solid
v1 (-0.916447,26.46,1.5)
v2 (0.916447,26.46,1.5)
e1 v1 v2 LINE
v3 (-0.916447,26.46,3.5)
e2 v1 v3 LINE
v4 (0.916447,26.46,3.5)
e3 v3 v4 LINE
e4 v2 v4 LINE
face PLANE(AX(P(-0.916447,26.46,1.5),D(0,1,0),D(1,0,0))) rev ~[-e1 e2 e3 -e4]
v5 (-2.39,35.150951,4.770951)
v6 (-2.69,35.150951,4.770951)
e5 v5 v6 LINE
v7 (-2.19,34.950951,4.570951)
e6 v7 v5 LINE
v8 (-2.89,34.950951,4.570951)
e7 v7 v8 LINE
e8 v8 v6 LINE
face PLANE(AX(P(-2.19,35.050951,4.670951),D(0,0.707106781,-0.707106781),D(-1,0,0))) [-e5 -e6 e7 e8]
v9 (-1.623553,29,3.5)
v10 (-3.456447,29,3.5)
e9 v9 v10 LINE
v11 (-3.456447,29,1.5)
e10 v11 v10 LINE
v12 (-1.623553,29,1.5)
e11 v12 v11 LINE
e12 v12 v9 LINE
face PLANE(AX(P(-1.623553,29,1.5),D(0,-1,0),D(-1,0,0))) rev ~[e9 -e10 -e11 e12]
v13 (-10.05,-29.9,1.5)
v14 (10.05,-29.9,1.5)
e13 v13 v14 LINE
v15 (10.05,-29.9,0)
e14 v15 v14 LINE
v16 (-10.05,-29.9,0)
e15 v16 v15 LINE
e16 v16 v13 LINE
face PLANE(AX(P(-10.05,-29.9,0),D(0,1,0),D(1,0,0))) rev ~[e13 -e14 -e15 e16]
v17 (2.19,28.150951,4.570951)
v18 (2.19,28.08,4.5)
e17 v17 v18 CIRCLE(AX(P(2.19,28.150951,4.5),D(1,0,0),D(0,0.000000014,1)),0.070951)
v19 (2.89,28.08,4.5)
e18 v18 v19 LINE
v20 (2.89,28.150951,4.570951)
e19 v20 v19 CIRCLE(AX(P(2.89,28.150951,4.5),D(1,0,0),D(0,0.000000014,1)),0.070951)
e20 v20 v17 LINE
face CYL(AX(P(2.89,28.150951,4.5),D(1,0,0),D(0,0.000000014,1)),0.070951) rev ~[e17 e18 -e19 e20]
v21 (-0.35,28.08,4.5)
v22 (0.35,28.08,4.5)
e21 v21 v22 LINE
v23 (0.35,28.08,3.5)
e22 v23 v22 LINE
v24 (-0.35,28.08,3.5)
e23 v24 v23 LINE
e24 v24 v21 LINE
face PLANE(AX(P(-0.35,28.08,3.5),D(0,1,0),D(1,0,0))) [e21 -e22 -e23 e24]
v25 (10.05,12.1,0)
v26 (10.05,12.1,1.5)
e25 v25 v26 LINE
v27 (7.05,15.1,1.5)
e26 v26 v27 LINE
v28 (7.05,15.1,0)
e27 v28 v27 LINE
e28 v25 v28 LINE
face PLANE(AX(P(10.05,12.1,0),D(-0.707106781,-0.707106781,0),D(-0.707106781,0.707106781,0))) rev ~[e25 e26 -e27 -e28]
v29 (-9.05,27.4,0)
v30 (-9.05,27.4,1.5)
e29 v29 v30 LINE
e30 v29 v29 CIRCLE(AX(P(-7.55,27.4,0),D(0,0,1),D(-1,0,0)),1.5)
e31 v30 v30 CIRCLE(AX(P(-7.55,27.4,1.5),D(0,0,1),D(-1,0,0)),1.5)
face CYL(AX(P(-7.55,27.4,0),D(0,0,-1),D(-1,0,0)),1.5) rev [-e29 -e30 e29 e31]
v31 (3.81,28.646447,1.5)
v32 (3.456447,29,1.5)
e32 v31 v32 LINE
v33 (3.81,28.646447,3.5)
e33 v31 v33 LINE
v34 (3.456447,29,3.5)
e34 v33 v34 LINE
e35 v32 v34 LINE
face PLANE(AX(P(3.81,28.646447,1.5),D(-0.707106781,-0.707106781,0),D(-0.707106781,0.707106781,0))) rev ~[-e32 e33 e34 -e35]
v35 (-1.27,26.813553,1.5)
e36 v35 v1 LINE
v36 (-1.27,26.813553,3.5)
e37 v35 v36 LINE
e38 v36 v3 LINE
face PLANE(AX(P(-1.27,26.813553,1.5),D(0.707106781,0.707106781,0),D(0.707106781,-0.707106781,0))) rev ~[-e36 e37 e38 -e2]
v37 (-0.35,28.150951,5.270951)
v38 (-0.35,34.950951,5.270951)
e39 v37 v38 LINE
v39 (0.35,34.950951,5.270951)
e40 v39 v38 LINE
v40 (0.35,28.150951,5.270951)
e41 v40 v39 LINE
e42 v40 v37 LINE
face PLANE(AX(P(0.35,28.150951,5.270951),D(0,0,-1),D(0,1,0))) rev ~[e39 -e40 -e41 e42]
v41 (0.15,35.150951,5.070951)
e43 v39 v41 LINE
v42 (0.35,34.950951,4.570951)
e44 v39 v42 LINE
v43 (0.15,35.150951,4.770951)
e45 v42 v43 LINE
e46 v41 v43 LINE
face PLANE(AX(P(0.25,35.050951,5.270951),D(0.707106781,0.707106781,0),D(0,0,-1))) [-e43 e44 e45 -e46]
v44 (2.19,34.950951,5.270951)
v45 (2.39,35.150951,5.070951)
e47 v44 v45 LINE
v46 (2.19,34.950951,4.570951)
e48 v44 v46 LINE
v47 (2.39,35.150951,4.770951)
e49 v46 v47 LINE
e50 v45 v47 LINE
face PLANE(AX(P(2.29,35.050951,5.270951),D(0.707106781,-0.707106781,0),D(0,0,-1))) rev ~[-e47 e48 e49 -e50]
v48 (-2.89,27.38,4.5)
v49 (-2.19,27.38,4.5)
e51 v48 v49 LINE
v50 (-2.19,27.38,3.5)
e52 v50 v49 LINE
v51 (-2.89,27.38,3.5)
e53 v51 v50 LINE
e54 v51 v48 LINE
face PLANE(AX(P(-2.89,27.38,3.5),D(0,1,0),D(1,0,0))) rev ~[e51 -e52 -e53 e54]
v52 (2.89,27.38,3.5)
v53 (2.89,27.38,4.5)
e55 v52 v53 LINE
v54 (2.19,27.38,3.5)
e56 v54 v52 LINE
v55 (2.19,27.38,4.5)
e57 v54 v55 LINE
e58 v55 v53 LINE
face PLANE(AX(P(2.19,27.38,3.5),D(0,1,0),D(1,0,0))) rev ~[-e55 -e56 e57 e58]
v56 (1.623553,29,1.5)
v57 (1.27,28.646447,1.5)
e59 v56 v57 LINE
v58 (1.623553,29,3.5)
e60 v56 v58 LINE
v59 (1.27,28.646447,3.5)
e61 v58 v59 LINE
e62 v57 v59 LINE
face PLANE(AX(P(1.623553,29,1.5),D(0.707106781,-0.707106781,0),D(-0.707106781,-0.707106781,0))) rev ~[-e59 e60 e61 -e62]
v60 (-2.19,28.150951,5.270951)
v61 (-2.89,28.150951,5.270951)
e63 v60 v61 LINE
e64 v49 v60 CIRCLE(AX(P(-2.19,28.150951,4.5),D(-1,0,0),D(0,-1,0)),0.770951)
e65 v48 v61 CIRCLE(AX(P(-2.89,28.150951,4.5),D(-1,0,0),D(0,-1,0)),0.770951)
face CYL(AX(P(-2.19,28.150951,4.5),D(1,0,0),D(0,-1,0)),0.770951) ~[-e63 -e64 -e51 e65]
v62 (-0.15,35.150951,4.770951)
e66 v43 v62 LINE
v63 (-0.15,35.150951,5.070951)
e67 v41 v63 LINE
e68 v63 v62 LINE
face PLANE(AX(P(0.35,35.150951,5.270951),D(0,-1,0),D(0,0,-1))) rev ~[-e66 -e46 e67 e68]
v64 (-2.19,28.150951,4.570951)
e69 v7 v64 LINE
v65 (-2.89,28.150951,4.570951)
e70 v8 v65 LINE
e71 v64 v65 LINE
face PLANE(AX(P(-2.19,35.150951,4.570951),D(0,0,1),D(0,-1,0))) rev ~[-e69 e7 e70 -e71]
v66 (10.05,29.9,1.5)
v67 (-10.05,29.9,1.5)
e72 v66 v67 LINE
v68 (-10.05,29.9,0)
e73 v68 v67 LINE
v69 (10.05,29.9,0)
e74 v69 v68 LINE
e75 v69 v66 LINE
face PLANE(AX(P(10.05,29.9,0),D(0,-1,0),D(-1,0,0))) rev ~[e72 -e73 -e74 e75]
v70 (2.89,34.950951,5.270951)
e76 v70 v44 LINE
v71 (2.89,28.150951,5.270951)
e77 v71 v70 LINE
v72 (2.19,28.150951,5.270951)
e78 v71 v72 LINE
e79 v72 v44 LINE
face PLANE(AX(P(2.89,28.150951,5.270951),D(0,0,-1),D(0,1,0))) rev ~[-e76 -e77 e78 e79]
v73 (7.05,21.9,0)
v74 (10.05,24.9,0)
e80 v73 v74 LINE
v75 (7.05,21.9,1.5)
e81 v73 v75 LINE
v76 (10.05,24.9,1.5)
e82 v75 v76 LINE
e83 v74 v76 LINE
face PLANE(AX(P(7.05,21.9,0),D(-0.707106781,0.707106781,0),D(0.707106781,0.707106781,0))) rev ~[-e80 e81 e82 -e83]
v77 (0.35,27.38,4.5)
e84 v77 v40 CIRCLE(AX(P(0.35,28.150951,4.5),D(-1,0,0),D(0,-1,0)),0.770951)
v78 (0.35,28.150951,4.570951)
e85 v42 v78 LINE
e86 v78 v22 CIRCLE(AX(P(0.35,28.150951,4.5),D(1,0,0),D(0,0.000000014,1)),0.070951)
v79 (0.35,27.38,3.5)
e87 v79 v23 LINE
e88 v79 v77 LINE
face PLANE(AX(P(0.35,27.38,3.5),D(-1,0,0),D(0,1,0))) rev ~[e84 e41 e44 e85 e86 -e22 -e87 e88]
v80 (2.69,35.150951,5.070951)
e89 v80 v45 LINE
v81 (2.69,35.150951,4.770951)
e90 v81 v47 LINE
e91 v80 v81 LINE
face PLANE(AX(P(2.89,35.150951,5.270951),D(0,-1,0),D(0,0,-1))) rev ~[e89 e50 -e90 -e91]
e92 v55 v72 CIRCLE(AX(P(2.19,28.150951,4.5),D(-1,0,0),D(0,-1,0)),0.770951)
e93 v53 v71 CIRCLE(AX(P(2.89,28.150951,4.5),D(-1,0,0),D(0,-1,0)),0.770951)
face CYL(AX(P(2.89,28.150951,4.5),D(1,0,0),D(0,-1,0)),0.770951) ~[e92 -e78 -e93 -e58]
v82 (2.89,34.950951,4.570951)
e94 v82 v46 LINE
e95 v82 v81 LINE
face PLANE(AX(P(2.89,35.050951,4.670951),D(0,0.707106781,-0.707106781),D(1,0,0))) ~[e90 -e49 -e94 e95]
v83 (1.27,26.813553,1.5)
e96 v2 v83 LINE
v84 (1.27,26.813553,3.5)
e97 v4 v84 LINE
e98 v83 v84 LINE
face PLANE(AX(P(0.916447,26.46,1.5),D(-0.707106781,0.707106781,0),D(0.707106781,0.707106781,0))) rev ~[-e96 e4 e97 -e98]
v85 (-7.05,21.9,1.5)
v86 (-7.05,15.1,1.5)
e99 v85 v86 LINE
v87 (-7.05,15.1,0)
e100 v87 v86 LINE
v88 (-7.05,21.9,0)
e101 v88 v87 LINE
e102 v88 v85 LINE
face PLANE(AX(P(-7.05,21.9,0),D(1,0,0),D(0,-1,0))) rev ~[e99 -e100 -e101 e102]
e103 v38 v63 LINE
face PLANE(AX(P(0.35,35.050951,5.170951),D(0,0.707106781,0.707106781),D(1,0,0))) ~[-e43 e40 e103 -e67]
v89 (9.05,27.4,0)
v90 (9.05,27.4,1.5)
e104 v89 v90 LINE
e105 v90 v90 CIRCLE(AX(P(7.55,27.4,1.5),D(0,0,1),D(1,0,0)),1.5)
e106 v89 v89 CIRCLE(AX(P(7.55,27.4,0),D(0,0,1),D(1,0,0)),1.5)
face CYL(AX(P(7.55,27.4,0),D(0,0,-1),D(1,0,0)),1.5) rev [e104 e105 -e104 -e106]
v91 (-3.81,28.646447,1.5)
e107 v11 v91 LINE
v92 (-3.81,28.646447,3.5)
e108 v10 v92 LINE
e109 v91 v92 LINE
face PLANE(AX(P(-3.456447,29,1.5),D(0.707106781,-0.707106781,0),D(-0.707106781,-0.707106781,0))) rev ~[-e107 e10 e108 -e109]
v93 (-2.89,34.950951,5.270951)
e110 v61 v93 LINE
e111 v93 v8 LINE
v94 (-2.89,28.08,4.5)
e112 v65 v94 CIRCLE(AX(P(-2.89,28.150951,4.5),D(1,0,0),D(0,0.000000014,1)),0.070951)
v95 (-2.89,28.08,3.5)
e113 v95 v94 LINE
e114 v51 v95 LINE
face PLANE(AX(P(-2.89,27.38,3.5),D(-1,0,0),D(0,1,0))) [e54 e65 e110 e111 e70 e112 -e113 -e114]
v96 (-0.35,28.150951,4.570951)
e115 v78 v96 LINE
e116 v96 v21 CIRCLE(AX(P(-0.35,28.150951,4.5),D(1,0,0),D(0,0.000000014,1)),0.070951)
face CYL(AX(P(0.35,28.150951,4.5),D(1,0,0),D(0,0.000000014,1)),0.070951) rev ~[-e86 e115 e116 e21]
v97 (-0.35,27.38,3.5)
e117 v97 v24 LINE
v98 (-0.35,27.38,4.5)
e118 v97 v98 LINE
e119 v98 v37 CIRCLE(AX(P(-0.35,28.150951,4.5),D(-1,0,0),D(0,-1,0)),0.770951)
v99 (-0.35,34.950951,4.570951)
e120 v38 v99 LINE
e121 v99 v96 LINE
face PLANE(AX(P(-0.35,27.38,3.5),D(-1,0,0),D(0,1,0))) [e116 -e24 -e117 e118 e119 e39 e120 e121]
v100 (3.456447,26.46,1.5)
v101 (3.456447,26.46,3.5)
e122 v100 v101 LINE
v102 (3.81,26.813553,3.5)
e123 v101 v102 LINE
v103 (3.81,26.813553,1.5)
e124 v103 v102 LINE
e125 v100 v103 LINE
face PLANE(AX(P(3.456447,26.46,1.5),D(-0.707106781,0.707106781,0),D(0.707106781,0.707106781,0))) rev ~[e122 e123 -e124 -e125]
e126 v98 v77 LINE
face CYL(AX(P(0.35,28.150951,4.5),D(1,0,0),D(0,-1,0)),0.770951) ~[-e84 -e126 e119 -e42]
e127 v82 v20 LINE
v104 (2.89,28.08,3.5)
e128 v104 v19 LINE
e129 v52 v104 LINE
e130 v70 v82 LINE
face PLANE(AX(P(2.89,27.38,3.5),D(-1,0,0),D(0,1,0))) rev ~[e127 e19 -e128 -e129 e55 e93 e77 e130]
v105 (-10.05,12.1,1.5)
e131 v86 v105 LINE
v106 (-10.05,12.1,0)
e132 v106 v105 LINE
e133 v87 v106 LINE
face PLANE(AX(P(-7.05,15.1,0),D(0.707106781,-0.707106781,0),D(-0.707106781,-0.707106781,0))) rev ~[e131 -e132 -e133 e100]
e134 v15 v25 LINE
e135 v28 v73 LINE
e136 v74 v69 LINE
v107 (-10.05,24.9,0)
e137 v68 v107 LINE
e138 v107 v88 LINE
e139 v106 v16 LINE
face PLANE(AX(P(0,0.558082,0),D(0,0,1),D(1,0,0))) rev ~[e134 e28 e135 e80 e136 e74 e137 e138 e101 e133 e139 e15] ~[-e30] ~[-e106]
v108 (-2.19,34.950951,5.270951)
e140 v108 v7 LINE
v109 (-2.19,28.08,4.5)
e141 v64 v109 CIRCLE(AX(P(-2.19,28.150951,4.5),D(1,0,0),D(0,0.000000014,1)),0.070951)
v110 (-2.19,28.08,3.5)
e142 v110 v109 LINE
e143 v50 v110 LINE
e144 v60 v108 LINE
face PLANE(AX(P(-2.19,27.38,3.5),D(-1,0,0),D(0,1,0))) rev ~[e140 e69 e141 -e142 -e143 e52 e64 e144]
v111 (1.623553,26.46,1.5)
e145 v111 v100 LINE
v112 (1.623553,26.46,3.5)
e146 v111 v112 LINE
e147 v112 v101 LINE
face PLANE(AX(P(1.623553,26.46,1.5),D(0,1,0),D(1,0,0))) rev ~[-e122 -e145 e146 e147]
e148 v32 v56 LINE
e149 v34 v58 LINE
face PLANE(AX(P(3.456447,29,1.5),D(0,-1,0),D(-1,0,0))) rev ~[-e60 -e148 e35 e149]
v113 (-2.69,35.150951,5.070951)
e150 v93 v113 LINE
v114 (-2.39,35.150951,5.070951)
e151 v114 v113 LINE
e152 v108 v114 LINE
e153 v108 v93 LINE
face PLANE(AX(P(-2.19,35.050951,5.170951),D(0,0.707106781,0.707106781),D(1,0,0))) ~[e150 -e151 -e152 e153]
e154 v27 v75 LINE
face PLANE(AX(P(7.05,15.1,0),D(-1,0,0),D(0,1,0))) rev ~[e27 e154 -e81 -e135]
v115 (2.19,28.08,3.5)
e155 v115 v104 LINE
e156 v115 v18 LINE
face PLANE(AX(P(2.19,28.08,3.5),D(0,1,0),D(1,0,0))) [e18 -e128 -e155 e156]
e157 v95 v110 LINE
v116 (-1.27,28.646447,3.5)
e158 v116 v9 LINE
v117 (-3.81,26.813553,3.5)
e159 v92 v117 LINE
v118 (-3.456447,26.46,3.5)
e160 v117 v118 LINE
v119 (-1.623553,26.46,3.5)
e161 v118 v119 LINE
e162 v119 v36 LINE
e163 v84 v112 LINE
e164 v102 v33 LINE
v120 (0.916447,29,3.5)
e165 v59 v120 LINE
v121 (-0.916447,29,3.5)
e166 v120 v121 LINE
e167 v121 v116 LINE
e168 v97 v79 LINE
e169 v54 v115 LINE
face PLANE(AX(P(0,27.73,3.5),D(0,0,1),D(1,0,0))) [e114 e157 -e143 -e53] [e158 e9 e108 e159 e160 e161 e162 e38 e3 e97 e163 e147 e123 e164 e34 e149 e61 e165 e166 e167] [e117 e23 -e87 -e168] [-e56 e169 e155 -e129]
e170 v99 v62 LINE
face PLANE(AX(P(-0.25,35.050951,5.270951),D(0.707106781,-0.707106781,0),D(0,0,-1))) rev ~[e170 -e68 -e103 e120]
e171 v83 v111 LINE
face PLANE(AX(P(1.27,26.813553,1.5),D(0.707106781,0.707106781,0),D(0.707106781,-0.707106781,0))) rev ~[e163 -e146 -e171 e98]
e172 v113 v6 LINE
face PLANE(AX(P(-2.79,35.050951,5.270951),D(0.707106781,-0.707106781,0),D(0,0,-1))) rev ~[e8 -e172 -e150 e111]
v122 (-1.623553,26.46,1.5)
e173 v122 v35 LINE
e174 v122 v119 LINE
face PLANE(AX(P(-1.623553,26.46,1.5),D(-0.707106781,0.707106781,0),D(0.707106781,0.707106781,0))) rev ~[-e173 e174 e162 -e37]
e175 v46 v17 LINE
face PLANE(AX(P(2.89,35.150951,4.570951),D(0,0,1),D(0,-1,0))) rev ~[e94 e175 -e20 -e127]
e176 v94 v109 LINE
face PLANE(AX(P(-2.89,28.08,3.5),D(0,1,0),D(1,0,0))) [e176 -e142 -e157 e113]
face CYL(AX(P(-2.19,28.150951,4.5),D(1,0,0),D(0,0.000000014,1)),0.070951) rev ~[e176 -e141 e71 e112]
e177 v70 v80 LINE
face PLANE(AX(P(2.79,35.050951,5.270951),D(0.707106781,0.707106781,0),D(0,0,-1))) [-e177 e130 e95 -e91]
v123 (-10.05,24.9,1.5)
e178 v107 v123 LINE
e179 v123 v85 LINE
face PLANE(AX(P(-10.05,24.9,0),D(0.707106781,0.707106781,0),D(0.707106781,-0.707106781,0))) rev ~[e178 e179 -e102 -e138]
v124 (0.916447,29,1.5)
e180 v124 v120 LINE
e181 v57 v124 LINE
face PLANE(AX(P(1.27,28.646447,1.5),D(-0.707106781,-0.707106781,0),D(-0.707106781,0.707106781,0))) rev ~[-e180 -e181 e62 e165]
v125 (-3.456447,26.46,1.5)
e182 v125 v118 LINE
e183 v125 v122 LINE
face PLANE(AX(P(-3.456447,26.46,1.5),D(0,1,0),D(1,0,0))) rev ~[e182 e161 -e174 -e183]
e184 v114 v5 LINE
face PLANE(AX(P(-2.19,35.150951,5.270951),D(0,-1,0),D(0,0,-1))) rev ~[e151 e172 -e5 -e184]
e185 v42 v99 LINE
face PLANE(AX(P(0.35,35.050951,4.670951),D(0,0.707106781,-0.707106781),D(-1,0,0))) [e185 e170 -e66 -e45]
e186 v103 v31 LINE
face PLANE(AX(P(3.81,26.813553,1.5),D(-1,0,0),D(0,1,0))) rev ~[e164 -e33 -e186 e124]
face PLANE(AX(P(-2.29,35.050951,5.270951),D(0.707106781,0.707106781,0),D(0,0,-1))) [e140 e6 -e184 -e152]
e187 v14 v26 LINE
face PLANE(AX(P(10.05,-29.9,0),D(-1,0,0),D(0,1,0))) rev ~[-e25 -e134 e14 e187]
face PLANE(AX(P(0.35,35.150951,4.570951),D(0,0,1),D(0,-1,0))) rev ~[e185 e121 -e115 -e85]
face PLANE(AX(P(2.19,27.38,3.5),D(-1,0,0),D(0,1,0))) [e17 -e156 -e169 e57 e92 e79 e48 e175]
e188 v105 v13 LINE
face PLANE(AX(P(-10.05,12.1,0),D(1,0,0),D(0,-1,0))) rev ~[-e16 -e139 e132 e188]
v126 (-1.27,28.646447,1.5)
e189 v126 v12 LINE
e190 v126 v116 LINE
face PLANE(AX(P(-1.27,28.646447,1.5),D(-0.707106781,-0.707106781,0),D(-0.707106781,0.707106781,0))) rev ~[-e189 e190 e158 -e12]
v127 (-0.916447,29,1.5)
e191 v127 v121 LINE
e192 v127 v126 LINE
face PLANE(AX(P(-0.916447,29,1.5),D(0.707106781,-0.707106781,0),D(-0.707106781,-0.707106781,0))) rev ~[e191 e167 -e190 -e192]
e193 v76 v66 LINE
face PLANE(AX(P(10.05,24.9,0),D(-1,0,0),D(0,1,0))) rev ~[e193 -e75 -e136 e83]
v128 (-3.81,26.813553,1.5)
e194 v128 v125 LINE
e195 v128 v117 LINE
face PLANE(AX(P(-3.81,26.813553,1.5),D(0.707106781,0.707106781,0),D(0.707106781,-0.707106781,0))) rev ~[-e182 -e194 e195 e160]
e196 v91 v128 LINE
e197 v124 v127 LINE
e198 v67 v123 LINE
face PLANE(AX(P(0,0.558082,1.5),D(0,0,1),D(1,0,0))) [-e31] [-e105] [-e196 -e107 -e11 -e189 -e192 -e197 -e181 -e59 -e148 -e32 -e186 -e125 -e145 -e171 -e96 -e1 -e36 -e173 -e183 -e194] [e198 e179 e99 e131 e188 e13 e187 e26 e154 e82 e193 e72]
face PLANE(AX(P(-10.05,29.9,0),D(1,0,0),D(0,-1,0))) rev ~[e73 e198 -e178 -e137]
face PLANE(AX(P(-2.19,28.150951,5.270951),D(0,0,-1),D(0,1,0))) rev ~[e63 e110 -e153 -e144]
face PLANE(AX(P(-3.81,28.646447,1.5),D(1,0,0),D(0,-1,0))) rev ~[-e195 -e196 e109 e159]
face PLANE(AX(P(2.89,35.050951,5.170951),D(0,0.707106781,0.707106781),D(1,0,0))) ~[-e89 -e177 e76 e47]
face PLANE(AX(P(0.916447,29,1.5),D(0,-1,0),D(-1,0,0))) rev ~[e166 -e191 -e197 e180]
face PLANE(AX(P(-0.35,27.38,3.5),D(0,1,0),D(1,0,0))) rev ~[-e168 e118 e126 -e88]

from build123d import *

# Parameters (mm, degrees)
SKETCH_1_R             = 1.5
EXTRUDE_1_DEPTH        = 1.5
EXTRUDE_2_DEPTH        = 2
SKETCH_4_W             = 0.7
SKETCH_4_H             = 0.7
EXTRUDE_3_DEPTH        = 1
EXTRUDE_4_DEPTH        = 0.7
PATTERN_LINEAR_1_COUNT = 3
PATTERN_LINEAR_1_PITCH = 2.54
CHAMFER_1_SIZE         = 0.2


with BuildPart() as part:
    # 草图1 → 凸台-拉伸1 (new body)
    with BuildSketch(Plane.XY):
        Polygon((-10.05, -29.9), (10.05, -29.9), (10.05, 12.1), (7.05, 15.1), (7.05, 21.9), (10.05, 24.9), (10.05, 29.9), (-10.05, 29.9), (-10.05, 24.9), (-7.05, 21.9), (-7.05, 15.1), (-10.05, 12.1), align=None)
        with Locations((7.55, 27.4)):
            Circle(SKETCH_1_R, mode=Mode.SUBTRACT)
        with Locations(Location((-7.55, 27.4, 0), (0, 0, 180))):
            Circle(SKETCH_1_R, mode=Mode.SUBTRACT)
    extrude(amount=EXTRUDE_1_DEPTH)

    # 草图3 → 凸台-拉伸2 (add)
    with BuildSketch(Plane.XY.offset(1.5)):
        Polygon((-3.456446609, 29), (-3.81, 28.646446609), (-3.81, 26.813553391), (-3.456446609, 26.46), (-1.623553391, 26.46), (-1.27, 26.813553391), (-0.916446609, 26.46), (0.916446609, 26.46), (1.27, 26.813553391), (1.623553391, 26.46), (3.456446609, 26.46), (3.81, 26.813553391), (3.81, 28.646446609), (3.456446609, 29), (1.623553391, 29), (1.27, 28.646446609), (0.916446609, 29), (-0.916446609, 29), (-1.27, 28.646446609), (-1.623553391, 29), align=None)
    extrude(amount=EXTRUDE_2_DEPTH)

    # 草图4 → 凸台-拉伸3 (add)
    with BuildSketch(Plane.XY.offset(3.5)):
        with Locations((-2.54, 27.73)):
            Rectangle(SKETCH_4_W, SKETCH_4_H)
        with Locations((0, 27.73)):
            Rectangle(SKETCH_4_W, SKETCH_4_H)
        with Locations((2.54, 27.73)):
            Rectangle(SKETCH_4_W, SKETCH_4_H)
    extrude(amount=EXTRUDE_3_DEPTH)

    # 草图5 → 凸台-拉伸4 (add)
    with BuildSketch(Plane(origin=(2.89, 0, 0), x_dir=(0, 0, -1), z_dir=(1, 0, 0))):
        with BuildLine():
            Line((-3.5, 27.38), (-4.5, 27.38))
            ThreePointArc((-4.5, 27.38), (-5.045144747, 27.605806348), (-5.270951094, 28.150951094))
            Line((-5.270951094, 28.150951094), (-5.270951094, 35.150951094))
            Line((-5.270951094, 35.150951094), (-4.570951094, 35.150951094))
            Line((-4.570951094, 35.150951094), (-4.570951094, 28.150951094))
            ThreePointArc((-4.570951094, 28.150951094), (-4.55017, 28.100781094), (-4.5, 28.08))
            Line((-4.5, 28.08), (-3.5, 28.08))
            Line((-3.5, 28.08), (-3.5, 27.38))
        make_face()
    extrude_4 = extrude(amount=-EXTRUDE_4_DEPTH)

    # 阵列(线性)1: 凸台-拉伸4 ×3
    with Locations(*[(-i * PATTERN_LINEAR_1_PITCH, 0, 0) for i in range(1, PATTERN_LINEAR_1_COUNT)]):
        add(extrude_4)

    # 倒角1
    chamfer_1_edges = [part.edges().sort_by_distance(p)[0] for p in [
        (2.89, 35.150951094, 4.920951094),
        (2.19, 35.150951094, 4.920951094),
        (2.54, 35.150951094, 5.270951094),
        (2.54, 35.150951094, 4.570951094),
        (0.35, 35.150951094, 4.920951094),
        (-0.35, 35.150951094, 4.920951094),
        (0, 35.150951094, 5.270951094),
        (0, 35.150951094, 4.570951094),
        (-2.89, 35.150951094, 4.920951094),
        (-2.54, 35.150951094, 5.270951094),
        (-2.54, 35.150951094, 4.570951094),
        (-2.19, 35.150951094, 4.920951094),
    ]]
    chamfer(chamfer_1_edges, length=CHAMFER_1_SIZE)


solid = part.part
